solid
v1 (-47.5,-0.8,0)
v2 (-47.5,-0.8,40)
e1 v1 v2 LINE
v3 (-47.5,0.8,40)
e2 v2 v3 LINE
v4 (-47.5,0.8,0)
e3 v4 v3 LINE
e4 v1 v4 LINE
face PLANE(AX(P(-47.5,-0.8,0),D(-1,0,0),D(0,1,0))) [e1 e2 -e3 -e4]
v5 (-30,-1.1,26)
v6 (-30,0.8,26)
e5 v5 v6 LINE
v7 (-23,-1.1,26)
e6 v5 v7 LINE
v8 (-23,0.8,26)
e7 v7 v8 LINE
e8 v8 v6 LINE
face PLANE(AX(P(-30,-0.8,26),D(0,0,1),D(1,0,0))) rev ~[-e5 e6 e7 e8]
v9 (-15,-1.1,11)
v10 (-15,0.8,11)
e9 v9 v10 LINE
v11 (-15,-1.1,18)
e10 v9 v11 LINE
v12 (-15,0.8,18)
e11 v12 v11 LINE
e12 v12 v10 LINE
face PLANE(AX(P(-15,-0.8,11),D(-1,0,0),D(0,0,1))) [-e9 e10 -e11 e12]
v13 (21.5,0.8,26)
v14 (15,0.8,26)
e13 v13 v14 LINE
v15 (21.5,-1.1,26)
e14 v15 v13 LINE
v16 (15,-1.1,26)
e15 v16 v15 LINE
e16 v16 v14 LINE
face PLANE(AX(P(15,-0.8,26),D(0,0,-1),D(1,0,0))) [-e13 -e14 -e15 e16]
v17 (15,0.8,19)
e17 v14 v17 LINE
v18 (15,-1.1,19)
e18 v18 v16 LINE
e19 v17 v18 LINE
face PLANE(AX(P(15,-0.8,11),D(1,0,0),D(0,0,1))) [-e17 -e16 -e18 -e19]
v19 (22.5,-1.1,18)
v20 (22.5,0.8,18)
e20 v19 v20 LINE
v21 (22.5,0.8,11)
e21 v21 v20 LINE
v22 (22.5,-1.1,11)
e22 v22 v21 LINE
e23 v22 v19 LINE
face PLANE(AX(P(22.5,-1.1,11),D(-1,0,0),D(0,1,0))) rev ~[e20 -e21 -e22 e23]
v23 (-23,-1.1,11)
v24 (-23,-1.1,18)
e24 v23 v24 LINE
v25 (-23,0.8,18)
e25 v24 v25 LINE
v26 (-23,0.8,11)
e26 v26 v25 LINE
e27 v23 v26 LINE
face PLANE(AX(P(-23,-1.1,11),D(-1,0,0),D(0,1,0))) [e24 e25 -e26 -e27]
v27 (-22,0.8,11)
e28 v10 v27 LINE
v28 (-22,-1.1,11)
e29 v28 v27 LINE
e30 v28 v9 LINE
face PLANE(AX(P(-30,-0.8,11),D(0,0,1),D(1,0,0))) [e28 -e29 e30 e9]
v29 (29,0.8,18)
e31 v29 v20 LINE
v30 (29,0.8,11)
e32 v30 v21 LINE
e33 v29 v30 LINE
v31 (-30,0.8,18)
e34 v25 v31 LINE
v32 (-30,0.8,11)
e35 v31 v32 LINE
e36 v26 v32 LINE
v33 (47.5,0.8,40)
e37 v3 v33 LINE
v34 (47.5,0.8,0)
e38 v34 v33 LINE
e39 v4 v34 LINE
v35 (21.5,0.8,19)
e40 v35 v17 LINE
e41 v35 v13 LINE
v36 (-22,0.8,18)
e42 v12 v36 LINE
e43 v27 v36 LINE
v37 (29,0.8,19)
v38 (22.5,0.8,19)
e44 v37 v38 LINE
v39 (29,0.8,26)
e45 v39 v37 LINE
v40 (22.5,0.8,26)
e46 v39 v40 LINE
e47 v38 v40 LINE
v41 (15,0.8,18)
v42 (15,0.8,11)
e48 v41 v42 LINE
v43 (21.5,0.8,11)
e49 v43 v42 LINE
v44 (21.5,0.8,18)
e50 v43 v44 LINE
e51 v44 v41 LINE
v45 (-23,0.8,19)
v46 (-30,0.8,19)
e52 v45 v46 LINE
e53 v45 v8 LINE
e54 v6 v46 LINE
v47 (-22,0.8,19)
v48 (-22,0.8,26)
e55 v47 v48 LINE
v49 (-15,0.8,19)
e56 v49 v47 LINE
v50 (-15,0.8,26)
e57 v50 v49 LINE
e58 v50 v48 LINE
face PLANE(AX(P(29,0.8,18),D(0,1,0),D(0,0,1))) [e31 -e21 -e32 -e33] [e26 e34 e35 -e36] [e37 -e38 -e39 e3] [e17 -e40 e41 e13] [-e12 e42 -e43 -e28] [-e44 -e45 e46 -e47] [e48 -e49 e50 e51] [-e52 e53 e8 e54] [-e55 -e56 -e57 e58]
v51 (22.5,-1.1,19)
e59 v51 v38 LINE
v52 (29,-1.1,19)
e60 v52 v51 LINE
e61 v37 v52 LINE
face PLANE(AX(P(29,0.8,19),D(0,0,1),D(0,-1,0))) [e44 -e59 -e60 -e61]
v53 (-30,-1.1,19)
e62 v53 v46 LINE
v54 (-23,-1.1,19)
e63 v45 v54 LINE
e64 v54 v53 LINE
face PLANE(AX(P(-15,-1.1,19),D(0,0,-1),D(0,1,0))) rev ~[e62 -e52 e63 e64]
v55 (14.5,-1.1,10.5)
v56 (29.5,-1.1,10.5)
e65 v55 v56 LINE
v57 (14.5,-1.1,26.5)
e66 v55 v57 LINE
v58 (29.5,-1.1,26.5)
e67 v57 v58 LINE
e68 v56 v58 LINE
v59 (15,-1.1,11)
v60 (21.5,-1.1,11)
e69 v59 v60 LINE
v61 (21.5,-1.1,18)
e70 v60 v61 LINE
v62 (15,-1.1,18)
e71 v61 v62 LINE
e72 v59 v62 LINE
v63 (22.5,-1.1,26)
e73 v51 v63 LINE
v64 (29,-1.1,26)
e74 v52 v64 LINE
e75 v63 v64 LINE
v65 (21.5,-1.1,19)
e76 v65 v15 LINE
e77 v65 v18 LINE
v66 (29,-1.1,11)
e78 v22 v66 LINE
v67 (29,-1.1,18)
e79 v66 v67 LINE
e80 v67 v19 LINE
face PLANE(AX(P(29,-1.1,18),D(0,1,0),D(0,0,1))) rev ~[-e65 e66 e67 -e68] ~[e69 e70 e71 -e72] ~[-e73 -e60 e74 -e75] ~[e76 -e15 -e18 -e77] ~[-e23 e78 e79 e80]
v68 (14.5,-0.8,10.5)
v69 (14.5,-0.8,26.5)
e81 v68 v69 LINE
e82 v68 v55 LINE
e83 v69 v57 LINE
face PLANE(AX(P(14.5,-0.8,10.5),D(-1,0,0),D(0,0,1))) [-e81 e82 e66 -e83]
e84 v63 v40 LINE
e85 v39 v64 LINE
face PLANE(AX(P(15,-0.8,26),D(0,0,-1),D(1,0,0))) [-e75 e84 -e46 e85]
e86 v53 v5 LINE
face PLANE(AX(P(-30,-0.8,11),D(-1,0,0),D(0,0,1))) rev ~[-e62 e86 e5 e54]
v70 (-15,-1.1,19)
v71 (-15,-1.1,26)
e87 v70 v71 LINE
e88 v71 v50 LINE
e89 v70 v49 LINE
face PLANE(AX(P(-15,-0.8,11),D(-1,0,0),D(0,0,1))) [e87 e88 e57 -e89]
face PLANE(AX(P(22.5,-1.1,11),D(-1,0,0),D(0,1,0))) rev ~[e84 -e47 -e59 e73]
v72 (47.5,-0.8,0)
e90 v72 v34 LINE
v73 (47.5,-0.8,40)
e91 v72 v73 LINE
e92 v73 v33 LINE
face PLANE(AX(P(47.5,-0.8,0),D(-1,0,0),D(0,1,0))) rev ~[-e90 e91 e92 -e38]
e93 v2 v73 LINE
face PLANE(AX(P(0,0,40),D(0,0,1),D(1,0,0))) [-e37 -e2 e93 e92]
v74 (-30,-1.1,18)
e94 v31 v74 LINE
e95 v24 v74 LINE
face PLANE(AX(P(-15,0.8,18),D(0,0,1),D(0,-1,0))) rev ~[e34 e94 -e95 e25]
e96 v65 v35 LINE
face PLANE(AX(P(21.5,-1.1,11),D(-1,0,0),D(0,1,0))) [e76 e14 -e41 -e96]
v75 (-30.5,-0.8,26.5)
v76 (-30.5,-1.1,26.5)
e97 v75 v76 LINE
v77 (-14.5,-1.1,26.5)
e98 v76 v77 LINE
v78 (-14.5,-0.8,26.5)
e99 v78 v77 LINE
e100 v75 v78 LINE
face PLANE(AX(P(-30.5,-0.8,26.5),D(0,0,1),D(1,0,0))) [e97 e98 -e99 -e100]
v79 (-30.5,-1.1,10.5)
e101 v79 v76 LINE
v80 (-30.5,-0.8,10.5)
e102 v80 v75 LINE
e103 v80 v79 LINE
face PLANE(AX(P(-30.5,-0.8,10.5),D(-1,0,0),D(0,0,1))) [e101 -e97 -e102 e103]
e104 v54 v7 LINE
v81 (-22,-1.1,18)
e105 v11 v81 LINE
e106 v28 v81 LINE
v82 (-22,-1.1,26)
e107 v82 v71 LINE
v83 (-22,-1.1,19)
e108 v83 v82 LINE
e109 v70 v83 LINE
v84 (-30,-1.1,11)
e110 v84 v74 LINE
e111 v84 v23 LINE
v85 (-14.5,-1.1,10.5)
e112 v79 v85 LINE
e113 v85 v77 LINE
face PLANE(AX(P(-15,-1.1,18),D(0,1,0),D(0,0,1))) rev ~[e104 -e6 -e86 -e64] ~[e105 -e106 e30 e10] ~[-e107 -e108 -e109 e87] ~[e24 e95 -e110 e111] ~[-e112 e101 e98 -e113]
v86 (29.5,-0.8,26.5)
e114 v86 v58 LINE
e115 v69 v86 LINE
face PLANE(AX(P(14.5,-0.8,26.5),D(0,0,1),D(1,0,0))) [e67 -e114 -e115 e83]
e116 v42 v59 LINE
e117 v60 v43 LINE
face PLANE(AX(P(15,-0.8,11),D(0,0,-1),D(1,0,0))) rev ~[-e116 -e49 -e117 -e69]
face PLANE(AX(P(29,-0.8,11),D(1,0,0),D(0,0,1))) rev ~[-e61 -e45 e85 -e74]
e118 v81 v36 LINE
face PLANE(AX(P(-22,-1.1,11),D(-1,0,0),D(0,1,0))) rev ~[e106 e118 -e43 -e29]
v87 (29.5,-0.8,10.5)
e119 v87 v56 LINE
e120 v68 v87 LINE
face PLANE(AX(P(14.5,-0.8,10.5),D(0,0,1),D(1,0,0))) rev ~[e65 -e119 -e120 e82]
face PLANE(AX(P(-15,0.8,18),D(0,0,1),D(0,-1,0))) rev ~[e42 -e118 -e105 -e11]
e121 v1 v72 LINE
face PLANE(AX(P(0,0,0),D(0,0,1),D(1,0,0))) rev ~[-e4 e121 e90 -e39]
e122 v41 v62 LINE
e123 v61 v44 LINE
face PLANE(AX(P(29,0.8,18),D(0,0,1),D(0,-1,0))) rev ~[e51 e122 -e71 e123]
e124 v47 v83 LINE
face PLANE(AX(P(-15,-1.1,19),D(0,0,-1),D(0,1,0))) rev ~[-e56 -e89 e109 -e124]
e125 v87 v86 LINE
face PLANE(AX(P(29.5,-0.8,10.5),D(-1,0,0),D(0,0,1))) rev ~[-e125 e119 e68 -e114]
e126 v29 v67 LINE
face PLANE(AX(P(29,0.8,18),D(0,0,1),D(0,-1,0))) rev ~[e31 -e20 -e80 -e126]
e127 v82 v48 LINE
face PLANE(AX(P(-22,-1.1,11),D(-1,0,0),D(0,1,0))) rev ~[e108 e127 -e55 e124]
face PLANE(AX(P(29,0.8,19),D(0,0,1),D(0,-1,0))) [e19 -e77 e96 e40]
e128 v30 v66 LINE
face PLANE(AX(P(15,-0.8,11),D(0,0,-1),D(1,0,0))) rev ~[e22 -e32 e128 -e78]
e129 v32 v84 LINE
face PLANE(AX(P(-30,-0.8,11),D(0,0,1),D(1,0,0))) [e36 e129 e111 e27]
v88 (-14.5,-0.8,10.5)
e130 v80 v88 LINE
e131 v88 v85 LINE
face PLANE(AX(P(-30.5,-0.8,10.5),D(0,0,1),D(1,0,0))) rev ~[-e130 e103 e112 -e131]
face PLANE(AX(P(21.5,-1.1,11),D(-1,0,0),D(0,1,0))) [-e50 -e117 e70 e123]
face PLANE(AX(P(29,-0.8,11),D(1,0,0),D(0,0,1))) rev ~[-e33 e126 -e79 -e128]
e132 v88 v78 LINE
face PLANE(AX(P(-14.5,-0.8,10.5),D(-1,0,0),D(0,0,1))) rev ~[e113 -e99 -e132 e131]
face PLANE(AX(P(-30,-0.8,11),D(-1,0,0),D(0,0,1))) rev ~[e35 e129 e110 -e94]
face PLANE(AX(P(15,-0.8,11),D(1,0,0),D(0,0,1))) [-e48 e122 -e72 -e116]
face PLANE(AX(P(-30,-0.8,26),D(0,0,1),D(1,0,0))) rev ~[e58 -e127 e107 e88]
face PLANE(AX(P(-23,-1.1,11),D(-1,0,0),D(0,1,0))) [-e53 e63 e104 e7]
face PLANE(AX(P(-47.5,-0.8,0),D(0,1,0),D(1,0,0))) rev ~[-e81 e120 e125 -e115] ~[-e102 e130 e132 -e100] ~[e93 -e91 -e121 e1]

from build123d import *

# Parameters (mm, degrees)
F0_W      = 95
F0_H      = 1.6
F1_DEPTH  = 40
F2_W      = 15
F2_H      = 15
F2_W_2    = 14
F3_DEPTH  = 25
F4_W      = 16
F4_H      = 16
F4_W_2    = 15
F4_H_2    = 15
F4_W_3    = 14
F5_DEPTH  = 0.3
F6_W      = 1
F6_H      = 1.9
F7_DEPTH  = 15
F11_DEPTH = 15
F10_W     = 1.9
F10_H     = 1
F12_DEPTH = 14


with BuildPart() as f1:
    # F0 (on Top) → F1 (new body)
    with BuildSketch(Plane.XY):
        Rectangle(F0_W, F0_H)
    extrude(amount=F1_DEPTH)

    # F2 (on face) → F3 (cut)
    with BuildSketch(Plane.XZ.offset(0.8)):
        with Locations((-22.5, 18.5)):
            Rectangle(F2_W, F2_H)
        with Locations((22, 18.5)):
            Rectangle(F2_W_2, F2_H)
    extrude(amount=-F3_DEPTH, mode=Mode.SUBTRACT)

    # F4 (on face) → F5 (join)
    with BuildSketch(Plane.XZ.offset(0.8)):
        with Locations((-22.5, 18.5)):
            Rectangle(F4_W, F4_H)
        with Locations((-22.5, 18.5)):
            Rectangle(F4_W_2, F4_H_2, mode=Mode.SUBTRACT)
        with Locations((22, 18.5)):
            Rectangle(F4_W_2, F4_H)
        with Locations((22, 18.5)):
            Rectangle(F4_W_3, F4_H_2, mode=Mode.SUBTRACT)
    extrude(amount=F5_DEPTH)

    # F6 (on face) → F7 (join, through all)
    with BuildSketch(Plane.XY.offset(11)):
        with Locations((22, -0.15)):
            Rectangle(F6_W, F6_H)
        with Locations((-22.5, -0.15)):
            Rectangle(F6_W, F6_H)
    extrude(amount=F7_DEPTH)

    # F9 (on face) → F11 (join, through all)
    with BuildSketch(Plane(origin=(-15, 0, 0), x_dir=(0, -1, 0), z_dir=(-1, 0, 0))):
        Polygon((-0.8, 18), (0.8, 18), (1.1, 18), (1.1, 19), (-0.8, 19), align=None)
    extrude(amount=F11_DEPTH)

    # F10 (on face) → F12 (join, through all)
    with BuildSketch(Plane(origin=(29, 0, 0), x_dir=(0, -1, 0), z_dir=(-1, 0, 0))):
        with Locations((0.15, 18.5)):
            Rectangle(F10_W, F10_H)
    extrude(amount=F12_DEPTH)


solid = f1.part
